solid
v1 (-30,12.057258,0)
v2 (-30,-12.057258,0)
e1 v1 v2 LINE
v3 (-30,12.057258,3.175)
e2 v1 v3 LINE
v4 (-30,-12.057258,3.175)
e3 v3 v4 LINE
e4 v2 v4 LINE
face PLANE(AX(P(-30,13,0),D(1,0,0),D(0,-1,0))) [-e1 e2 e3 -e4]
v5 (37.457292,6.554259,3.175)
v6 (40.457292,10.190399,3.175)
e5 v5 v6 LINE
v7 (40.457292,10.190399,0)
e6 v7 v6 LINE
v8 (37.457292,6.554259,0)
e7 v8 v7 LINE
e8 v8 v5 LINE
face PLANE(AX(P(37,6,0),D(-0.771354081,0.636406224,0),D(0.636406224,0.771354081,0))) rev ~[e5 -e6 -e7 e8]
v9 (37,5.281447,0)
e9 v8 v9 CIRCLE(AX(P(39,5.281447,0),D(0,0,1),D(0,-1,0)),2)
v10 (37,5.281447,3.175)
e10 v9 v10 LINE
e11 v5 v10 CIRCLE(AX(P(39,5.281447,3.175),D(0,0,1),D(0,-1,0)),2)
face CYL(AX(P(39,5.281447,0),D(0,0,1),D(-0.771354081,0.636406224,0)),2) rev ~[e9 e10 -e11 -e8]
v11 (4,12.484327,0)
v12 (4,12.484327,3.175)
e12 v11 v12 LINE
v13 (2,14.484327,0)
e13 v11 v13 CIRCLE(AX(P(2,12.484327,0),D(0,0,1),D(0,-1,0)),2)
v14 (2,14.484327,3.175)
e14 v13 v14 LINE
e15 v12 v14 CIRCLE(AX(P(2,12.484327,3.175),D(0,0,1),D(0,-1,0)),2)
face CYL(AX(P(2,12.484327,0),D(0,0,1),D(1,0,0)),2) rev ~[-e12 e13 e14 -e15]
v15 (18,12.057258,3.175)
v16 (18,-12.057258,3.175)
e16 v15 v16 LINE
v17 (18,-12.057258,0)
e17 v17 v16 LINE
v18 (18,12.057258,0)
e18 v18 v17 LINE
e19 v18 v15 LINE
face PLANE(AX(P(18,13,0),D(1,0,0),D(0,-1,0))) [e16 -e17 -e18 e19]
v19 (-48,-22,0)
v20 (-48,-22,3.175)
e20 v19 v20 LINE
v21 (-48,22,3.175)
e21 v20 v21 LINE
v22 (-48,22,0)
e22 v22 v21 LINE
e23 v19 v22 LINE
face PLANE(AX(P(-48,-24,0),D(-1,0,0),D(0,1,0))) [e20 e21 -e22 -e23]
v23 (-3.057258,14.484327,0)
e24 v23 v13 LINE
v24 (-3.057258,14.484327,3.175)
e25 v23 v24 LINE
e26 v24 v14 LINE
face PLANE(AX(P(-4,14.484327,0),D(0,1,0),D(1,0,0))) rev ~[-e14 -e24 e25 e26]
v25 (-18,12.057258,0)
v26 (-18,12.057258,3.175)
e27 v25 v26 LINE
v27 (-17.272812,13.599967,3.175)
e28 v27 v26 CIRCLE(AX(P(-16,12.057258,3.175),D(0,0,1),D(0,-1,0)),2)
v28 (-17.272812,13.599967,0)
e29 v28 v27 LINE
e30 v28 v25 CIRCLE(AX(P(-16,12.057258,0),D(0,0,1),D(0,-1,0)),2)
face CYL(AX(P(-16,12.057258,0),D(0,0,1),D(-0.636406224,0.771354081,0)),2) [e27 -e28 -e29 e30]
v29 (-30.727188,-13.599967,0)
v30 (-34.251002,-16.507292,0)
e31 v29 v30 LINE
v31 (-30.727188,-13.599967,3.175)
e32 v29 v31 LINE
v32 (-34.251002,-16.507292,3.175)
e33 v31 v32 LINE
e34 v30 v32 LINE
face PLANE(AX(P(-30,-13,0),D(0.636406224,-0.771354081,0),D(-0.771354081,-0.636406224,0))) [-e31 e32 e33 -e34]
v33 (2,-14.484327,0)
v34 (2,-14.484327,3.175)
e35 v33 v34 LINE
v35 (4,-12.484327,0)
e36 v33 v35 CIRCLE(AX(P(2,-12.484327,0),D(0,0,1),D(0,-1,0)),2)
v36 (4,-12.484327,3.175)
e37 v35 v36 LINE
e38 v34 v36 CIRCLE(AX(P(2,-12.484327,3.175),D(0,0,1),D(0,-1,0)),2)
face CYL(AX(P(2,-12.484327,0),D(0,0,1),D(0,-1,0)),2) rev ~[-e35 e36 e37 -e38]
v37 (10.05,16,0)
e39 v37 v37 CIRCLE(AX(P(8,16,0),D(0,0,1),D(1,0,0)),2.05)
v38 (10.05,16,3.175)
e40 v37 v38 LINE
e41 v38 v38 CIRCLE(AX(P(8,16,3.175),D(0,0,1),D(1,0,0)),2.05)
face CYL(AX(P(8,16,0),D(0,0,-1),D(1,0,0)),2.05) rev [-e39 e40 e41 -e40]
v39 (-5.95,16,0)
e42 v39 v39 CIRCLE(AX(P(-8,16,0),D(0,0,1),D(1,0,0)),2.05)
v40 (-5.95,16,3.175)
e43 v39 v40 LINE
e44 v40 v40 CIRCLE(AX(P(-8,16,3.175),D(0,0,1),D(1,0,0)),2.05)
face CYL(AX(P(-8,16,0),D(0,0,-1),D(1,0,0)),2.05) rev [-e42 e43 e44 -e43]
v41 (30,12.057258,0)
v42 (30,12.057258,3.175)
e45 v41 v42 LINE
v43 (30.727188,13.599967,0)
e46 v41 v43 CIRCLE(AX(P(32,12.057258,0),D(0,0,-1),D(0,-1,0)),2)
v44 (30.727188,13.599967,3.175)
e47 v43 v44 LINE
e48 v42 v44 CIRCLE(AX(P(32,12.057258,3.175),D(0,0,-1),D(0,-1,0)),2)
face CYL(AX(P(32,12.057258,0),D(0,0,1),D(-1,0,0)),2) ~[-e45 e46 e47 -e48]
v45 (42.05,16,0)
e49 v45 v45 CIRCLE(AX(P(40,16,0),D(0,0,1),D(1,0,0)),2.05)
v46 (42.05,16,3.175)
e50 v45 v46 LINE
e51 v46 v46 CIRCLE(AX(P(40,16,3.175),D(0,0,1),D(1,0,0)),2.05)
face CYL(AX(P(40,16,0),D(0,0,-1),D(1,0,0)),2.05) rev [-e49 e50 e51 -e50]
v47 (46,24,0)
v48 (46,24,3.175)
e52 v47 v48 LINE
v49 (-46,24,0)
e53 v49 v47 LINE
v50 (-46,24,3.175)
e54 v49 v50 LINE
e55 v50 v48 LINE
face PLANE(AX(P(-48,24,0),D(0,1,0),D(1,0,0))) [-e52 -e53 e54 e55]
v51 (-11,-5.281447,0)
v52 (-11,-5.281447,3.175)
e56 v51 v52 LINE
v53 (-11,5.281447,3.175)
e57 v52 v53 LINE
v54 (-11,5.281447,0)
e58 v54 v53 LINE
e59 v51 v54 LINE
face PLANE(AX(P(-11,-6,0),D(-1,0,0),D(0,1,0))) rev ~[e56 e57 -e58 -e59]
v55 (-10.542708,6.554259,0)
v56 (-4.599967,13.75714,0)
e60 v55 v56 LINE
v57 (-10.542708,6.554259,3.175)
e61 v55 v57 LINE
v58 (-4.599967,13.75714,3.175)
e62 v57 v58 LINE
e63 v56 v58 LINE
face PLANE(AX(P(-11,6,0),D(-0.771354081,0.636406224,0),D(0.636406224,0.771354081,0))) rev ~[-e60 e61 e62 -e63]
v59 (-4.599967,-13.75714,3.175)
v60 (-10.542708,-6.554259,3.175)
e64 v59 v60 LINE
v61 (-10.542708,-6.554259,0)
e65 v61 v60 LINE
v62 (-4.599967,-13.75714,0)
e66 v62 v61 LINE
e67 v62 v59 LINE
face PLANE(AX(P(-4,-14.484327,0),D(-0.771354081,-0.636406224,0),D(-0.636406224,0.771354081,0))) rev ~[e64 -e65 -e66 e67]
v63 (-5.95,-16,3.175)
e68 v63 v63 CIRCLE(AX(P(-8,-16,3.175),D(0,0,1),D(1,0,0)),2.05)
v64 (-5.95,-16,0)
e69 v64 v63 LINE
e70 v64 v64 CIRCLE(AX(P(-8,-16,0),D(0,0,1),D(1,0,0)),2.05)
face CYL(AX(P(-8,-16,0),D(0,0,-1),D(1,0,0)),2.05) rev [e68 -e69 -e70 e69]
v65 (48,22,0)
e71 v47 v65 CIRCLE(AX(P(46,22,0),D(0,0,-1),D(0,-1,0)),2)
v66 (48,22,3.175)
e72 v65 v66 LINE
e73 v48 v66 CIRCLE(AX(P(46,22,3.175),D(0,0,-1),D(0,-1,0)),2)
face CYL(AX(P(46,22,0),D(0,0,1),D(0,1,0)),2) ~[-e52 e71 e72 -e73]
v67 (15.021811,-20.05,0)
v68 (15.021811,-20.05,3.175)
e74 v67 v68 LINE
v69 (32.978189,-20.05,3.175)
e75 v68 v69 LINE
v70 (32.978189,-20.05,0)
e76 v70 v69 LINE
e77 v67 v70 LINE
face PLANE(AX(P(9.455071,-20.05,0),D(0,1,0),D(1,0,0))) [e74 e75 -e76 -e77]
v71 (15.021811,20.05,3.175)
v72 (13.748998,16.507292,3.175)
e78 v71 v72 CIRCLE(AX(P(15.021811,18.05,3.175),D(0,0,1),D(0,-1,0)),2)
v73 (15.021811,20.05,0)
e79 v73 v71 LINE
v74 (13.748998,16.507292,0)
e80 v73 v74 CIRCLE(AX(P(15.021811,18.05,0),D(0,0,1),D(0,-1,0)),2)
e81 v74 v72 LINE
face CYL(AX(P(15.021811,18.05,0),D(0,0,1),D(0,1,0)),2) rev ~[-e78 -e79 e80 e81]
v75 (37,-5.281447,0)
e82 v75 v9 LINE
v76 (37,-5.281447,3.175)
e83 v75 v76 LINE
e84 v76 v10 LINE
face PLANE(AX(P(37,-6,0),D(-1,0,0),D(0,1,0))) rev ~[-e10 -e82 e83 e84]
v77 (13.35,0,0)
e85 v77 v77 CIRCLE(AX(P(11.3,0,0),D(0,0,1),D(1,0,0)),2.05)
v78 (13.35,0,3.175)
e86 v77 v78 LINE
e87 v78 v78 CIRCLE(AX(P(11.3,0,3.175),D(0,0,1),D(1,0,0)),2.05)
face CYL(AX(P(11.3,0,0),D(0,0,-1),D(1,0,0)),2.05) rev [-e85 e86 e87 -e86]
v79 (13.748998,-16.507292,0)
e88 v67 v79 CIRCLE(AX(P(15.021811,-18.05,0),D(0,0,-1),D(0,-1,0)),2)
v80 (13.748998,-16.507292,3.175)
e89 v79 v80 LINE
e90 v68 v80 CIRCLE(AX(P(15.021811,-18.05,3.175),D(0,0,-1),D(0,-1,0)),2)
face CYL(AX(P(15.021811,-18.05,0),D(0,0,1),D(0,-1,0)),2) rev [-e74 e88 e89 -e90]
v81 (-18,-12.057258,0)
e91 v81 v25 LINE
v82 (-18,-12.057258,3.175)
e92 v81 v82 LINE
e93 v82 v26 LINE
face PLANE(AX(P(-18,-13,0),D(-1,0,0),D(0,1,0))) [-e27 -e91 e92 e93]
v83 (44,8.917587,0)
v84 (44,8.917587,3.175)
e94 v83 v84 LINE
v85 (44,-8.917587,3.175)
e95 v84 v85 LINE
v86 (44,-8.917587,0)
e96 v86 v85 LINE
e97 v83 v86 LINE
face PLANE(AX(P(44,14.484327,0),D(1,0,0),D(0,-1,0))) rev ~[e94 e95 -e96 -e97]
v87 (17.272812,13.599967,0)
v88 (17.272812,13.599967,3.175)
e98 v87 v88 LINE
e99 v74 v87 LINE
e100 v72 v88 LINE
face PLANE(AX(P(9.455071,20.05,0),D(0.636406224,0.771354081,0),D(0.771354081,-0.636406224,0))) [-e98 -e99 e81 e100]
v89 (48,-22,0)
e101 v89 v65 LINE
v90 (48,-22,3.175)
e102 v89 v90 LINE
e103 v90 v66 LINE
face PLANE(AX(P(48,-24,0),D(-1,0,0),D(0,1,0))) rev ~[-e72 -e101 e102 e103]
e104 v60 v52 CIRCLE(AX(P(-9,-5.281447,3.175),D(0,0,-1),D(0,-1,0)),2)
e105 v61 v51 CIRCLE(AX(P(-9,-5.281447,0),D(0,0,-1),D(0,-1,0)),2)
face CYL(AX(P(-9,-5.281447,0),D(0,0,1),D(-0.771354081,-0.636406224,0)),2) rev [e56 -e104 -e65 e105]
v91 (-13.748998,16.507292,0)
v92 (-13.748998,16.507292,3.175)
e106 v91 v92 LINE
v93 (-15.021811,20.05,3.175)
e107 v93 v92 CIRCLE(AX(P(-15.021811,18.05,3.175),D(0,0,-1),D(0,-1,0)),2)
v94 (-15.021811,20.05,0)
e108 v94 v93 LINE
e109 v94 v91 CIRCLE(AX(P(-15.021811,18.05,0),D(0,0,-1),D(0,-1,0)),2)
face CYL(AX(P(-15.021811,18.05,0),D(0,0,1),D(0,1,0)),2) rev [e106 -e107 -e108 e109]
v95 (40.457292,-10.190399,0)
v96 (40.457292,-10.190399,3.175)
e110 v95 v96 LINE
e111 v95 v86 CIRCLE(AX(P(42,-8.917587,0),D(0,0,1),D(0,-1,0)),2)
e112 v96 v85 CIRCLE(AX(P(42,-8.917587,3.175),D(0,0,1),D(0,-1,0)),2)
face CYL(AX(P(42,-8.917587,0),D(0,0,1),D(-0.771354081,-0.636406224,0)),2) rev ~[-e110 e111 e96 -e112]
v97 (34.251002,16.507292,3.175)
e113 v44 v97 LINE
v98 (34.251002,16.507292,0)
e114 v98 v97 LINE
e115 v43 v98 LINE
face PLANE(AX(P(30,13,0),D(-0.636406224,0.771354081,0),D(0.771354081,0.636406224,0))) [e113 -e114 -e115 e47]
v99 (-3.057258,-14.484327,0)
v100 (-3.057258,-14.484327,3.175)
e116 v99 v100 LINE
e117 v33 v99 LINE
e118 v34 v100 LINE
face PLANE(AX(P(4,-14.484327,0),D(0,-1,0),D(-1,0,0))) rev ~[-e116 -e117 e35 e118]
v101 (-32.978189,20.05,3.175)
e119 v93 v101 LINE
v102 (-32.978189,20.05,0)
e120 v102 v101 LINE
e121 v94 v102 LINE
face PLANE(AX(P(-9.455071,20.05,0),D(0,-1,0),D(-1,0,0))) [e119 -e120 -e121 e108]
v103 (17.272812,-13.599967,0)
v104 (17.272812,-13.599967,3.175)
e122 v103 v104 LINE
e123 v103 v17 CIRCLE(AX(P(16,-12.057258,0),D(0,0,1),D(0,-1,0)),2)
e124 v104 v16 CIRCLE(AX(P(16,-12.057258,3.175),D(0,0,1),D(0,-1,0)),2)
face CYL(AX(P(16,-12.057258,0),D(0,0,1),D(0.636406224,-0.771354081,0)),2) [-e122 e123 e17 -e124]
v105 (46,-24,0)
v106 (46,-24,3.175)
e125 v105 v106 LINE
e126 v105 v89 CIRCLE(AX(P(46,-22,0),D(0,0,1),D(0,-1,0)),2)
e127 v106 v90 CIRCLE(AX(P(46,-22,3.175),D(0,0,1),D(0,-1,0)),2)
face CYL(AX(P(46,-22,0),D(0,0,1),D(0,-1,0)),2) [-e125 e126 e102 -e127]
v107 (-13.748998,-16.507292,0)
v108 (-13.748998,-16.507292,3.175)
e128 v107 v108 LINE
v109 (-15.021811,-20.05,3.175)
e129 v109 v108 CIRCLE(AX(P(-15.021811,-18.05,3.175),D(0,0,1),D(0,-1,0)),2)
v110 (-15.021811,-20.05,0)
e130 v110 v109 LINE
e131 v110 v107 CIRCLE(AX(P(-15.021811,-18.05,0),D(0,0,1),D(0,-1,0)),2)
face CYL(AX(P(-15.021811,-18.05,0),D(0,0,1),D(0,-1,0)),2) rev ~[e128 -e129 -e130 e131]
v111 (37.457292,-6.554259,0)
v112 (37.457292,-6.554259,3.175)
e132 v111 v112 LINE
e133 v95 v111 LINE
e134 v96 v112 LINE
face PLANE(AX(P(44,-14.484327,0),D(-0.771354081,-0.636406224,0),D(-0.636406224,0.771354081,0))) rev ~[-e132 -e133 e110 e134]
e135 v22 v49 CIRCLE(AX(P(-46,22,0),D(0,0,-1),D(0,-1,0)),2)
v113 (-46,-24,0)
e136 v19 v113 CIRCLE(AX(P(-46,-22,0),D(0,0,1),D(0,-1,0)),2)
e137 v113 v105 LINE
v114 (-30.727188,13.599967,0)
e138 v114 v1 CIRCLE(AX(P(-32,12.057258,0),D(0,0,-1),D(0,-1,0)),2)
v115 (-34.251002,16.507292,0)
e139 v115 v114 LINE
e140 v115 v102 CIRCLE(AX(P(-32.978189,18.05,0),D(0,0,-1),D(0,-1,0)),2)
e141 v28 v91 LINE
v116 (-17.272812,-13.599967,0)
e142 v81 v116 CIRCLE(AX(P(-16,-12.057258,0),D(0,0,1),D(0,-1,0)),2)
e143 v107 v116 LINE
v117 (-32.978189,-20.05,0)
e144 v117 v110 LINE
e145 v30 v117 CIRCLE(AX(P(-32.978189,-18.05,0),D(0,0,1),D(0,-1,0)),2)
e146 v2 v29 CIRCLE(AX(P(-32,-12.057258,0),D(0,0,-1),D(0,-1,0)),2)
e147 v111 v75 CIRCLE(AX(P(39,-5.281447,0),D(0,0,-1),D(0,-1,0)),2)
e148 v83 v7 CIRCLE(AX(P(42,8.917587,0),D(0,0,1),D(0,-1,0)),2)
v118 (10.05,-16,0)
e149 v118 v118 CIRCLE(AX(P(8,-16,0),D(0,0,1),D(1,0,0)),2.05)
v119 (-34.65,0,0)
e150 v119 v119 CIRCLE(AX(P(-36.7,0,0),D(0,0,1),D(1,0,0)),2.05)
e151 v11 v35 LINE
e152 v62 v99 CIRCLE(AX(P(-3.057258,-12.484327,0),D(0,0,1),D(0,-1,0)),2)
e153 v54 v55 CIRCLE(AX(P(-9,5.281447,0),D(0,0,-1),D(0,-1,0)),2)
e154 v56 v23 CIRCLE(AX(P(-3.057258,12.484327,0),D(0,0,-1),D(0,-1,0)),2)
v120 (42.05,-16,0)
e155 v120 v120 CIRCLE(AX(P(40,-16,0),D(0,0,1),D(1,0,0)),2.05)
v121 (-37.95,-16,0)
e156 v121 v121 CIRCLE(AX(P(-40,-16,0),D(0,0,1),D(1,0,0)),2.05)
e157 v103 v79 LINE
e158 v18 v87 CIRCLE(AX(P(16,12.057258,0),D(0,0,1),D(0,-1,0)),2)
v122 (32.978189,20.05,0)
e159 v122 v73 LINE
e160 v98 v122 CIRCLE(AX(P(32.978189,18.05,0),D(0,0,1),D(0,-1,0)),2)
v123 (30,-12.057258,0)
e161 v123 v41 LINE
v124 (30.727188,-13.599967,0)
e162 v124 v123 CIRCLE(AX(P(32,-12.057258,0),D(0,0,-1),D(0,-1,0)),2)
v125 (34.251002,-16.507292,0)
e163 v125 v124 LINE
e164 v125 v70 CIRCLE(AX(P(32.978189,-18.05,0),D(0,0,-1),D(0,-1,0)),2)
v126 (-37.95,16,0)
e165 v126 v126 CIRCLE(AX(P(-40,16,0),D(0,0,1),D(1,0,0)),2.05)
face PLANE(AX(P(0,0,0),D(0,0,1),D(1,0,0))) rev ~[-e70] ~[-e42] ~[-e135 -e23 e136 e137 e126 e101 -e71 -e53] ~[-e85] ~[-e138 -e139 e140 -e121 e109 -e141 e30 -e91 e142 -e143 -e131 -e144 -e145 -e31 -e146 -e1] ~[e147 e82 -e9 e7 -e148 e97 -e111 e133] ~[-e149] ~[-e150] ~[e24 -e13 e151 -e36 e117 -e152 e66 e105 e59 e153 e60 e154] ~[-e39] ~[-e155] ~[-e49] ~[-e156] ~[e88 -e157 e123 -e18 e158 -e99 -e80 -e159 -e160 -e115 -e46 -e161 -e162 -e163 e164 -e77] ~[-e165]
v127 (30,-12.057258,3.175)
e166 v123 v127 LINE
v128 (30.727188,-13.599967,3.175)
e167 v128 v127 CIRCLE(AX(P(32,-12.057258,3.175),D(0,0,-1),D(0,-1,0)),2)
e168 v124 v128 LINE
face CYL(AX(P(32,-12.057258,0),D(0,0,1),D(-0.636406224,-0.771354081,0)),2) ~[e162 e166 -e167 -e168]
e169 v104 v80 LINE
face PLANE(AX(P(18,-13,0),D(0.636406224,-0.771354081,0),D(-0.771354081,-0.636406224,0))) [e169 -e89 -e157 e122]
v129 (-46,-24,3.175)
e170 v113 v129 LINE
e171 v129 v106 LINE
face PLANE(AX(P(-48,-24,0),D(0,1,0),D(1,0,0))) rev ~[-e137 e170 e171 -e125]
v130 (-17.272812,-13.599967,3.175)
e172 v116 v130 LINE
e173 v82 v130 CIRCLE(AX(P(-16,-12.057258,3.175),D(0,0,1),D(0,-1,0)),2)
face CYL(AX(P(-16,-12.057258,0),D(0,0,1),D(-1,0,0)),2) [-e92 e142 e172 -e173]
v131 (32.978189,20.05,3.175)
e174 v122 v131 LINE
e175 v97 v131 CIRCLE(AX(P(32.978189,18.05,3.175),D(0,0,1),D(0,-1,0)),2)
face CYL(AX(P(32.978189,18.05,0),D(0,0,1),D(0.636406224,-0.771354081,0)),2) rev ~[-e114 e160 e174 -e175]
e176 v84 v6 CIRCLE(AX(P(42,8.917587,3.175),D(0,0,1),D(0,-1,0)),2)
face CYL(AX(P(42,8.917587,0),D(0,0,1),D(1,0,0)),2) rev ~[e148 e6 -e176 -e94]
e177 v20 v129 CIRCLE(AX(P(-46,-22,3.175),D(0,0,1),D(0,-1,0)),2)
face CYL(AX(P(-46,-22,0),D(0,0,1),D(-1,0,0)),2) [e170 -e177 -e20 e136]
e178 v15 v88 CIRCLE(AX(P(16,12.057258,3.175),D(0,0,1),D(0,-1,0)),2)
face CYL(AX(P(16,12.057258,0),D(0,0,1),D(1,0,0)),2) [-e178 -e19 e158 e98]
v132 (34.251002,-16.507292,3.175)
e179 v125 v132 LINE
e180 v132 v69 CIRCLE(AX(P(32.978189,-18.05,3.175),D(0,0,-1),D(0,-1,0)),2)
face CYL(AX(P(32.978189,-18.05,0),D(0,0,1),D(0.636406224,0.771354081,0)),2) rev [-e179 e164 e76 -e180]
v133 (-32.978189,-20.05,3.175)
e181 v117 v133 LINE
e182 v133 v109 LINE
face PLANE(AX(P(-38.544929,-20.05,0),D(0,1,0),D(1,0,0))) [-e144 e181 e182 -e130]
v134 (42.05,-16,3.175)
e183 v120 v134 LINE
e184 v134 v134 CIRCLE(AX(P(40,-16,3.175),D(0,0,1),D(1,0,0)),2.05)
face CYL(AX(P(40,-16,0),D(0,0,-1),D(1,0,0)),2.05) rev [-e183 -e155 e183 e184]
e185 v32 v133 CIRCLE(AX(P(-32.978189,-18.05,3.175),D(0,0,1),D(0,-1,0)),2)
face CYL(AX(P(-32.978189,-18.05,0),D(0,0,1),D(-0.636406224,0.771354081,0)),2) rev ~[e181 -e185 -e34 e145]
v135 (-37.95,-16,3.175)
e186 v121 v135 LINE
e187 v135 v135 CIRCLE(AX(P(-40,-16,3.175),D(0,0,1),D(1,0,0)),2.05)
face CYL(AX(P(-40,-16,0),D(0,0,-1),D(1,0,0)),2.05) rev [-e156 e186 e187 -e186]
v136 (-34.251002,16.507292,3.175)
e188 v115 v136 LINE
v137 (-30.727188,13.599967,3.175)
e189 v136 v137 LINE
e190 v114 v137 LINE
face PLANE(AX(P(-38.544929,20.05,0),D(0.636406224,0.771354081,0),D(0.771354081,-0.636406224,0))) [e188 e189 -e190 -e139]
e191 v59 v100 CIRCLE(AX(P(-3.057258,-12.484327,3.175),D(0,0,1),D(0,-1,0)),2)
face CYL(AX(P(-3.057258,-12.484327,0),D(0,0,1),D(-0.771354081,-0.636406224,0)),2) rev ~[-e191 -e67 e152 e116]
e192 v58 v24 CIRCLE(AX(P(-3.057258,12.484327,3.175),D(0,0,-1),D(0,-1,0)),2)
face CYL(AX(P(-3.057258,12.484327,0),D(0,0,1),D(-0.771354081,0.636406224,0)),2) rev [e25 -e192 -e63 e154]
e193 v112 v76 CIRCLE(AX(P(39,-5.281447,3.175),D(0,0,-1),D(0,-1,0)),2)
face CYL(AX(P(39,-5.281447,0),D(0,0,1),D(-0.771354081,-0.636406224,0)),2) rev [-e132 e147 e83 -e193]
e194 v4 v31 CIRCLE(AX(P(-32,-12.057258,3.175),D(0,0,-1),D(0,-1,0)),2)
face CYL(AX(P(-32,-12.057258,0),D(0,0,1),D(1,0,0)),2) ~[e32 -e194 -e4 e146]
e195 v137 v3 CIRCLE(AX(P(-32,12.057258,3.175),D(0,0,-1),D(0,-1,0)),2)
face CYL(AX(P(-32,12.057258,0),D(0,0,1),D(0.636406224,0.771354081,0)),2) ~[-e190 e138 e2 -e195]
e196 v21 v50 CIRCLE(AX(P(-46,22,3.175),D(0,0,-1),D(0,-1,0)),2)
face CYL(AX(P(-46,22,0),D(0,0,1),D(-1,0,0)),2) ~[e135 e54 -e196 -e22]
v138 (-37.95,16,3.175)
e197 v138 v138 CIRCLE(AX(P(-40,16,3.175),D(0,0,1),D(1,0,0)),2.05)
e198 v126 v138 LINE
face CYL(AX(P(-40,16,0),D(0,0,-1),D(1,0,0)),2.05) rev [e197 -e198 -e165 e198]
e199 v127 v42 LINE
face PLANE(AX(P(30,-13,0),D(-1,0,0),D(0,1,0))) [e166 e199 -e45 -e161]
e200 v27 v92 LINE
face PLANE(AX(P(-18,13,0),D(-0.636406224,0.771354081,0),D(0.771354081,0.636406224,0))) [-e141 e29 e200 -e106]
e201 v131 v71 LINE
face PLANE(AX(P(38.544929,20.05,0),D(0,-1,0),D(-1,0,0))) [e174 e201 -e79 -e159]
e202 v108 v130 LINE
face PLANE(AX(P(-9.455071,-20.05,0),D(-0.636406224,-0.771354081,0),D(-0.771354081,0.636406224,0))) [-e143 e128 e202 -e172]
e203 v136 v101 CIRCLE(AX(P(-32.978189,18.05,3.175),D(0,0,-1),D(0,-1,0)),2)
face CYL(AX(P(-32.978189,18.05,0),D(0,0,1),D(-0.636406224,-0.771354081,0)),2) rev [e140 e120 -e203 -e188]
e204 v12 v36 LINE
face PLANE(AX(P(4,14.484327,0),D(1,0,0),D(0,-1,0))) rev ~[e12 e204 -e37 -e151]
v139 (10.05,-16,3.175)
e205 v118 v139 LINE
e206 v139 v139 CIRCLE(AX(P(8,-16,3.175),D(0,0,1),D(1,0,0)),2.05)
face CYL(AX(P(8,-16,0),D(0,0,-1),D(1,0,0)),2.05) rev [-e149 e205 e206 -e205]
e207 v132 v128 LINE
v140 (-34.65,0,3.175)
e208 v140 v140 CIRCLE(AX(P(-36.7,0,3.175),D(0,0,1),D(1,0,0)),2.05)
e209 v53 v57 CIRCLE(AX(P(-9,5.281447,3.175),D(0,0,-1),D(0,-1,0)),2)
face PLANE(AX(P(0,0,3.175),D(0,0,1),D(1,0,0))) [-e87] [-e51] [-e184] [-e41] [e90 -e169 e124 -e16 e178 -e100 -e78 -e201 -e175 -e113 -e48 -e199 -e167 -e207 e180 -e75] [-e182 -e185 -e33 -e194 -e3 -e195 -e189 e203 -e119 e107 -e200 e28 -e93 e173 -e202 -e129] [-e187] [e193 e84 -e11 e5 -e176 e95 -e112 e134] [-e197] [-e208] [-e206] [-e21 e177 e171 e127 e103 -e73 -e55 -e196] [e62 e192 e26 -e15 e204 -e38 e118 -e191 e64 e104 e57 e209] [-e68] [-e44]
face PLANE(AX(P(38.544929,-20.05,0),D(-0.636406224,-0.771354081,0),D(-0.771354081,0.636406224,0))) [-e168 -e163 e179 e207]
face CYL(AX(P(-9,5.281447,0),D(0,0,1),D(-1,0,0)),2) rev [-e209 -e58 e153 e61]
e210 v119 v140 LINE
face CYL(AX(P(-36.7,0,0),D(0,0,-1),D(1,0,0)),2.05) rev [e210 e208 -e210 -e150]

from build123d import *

# Parameters (mm, degrees)
SKETCH1_W           = 96
SKETCH1_H           = 48
SKETCH1_R           = 2.05
BOSS_EXTRUDE1_DEPTH = 3.175
FILLET1_R           = 2


with BuildPart() as part:
    # Sketch1 → Boss-Extrude1 (new body)
    with BuildSketch(Plane.XY):
        Rectangle(SKETCH1_W, SKETCH1_H)
        with Locations((-40, 16)):
            Circle(SKETCH1_R, mode=Mode.SUBTRACT)
        with Locations((-8, 16)):
            Circle(SKETCH1_R, mode=Mode.SUBTRACT)
        with Locations((-8, -16)):
            Circle(SKETCH1_R, mode=Mode.SUBTRACT)
        with Locations((-40, -16)):
            Circle(SKETCH1_R, mode=Mode.SUBTRACT)
        with Locations((8, 16)):
            Circle(SKETCH1_R, mode=Mode.SUBTRACT)
        with Locations((8, -16)):
            Circle(SKETCH1_R, mode=Mode.SUBTRACT)
        with Locations((40, -16)):
            Circle(SKETCH1_R, mode=Mode.SUBTRACT)
        with Locations((40, 16)):
            Circle(SKETCH1_R, mode=Mode.SUBTRACT)
        with Locations((-36.7, 0)):
            Circle(SKETCH1_R, mode=Mode.SUBTRACT)
        with Locations((11.3, 0)):
            Circle(SKETCH1_R, mode=Mode.SUBTRACT)
        Polygon((-38.544929421, 20.05), (-30, 13), (-30, -13), (-38.544929421, -20.05), (-9.455070579, -20.05), (-18, -13), (-18, 13), (-9.455070579, 20.05), align=None, mode=Mode.SUBTRACT)
        Polygon((-11, -6), (-11, 6), (-4, 14.484327085), (4, 14.484327085), (4, -14.484327085), (-4, -14.484327085), align=None, mode=Mode.SUBTRACT)
        Polygon((38.544929421, -20.05), (30, -13), (30, 13), (38.544929421, 20.05), (9.455070579, 20.05), (18, 13), (18, -13), (9.455070579, -20.05), align=None, mode=Mode.SUBTRACT)
        Polygon((37, -6), (37, 6), (44, 14.484327085), (44, -14.484327085), align=None, mode=Mode.SUBTRACT)
    extrude(amount=BOSS_EXTRUDE1_DEPTH)

    # Fillet1
    fillet1_edges = [part.edges().sort_by_distance(p)[0] for p in [
        (-9.455070579, 20.05, 1.5875),
        (-38.544929421, 20.05, 1.5875),
        (-30, 13, 1.5875),
        (-30, -13, 1.5875),
        (-38.544929421, -20.05, 1.5875),
        (-9.455070579, -20.05, 1.5875),
        (-18, -13, 1.5875),
        (-18, 13, 1.5875),
        (38.544929421, 20.05, 1.5875),
        (9.455070579, 20.05, 1.5875),
        (18, 13, 1.5875),
        (18, -13, 1.5875),
        (9.455070579, -20.05, 1.5875),
        (38.544929421, -20.05, 1.5875),
        (30, -13, 1.5875),
        (30, 13, 1.5875),
        (-4, 14.484327085, 1.5875),
        (-11, 6, 1.5875),
        (-11, -6, 1.5875),
        (-4, -14.484327085, 1.5875),
        (4, -14.484327085, 1.5875),
        (4, 14.484327085, 1.5875),
        (37, -6, 1.5875),
        (44, -14.484327085, 1.5875),
        (44, 14.484327085, 1.5875),
        (37, 6, 1.5875),
        (-48, 24, 1.5875),
        (48, 24, 1.5875),
        (48, -24, 1.5875),
        (-48, -24, 1.5875),
    ]]
    fillet(fillet1_edges, radius=FILLET1_R)


solid = part.part
